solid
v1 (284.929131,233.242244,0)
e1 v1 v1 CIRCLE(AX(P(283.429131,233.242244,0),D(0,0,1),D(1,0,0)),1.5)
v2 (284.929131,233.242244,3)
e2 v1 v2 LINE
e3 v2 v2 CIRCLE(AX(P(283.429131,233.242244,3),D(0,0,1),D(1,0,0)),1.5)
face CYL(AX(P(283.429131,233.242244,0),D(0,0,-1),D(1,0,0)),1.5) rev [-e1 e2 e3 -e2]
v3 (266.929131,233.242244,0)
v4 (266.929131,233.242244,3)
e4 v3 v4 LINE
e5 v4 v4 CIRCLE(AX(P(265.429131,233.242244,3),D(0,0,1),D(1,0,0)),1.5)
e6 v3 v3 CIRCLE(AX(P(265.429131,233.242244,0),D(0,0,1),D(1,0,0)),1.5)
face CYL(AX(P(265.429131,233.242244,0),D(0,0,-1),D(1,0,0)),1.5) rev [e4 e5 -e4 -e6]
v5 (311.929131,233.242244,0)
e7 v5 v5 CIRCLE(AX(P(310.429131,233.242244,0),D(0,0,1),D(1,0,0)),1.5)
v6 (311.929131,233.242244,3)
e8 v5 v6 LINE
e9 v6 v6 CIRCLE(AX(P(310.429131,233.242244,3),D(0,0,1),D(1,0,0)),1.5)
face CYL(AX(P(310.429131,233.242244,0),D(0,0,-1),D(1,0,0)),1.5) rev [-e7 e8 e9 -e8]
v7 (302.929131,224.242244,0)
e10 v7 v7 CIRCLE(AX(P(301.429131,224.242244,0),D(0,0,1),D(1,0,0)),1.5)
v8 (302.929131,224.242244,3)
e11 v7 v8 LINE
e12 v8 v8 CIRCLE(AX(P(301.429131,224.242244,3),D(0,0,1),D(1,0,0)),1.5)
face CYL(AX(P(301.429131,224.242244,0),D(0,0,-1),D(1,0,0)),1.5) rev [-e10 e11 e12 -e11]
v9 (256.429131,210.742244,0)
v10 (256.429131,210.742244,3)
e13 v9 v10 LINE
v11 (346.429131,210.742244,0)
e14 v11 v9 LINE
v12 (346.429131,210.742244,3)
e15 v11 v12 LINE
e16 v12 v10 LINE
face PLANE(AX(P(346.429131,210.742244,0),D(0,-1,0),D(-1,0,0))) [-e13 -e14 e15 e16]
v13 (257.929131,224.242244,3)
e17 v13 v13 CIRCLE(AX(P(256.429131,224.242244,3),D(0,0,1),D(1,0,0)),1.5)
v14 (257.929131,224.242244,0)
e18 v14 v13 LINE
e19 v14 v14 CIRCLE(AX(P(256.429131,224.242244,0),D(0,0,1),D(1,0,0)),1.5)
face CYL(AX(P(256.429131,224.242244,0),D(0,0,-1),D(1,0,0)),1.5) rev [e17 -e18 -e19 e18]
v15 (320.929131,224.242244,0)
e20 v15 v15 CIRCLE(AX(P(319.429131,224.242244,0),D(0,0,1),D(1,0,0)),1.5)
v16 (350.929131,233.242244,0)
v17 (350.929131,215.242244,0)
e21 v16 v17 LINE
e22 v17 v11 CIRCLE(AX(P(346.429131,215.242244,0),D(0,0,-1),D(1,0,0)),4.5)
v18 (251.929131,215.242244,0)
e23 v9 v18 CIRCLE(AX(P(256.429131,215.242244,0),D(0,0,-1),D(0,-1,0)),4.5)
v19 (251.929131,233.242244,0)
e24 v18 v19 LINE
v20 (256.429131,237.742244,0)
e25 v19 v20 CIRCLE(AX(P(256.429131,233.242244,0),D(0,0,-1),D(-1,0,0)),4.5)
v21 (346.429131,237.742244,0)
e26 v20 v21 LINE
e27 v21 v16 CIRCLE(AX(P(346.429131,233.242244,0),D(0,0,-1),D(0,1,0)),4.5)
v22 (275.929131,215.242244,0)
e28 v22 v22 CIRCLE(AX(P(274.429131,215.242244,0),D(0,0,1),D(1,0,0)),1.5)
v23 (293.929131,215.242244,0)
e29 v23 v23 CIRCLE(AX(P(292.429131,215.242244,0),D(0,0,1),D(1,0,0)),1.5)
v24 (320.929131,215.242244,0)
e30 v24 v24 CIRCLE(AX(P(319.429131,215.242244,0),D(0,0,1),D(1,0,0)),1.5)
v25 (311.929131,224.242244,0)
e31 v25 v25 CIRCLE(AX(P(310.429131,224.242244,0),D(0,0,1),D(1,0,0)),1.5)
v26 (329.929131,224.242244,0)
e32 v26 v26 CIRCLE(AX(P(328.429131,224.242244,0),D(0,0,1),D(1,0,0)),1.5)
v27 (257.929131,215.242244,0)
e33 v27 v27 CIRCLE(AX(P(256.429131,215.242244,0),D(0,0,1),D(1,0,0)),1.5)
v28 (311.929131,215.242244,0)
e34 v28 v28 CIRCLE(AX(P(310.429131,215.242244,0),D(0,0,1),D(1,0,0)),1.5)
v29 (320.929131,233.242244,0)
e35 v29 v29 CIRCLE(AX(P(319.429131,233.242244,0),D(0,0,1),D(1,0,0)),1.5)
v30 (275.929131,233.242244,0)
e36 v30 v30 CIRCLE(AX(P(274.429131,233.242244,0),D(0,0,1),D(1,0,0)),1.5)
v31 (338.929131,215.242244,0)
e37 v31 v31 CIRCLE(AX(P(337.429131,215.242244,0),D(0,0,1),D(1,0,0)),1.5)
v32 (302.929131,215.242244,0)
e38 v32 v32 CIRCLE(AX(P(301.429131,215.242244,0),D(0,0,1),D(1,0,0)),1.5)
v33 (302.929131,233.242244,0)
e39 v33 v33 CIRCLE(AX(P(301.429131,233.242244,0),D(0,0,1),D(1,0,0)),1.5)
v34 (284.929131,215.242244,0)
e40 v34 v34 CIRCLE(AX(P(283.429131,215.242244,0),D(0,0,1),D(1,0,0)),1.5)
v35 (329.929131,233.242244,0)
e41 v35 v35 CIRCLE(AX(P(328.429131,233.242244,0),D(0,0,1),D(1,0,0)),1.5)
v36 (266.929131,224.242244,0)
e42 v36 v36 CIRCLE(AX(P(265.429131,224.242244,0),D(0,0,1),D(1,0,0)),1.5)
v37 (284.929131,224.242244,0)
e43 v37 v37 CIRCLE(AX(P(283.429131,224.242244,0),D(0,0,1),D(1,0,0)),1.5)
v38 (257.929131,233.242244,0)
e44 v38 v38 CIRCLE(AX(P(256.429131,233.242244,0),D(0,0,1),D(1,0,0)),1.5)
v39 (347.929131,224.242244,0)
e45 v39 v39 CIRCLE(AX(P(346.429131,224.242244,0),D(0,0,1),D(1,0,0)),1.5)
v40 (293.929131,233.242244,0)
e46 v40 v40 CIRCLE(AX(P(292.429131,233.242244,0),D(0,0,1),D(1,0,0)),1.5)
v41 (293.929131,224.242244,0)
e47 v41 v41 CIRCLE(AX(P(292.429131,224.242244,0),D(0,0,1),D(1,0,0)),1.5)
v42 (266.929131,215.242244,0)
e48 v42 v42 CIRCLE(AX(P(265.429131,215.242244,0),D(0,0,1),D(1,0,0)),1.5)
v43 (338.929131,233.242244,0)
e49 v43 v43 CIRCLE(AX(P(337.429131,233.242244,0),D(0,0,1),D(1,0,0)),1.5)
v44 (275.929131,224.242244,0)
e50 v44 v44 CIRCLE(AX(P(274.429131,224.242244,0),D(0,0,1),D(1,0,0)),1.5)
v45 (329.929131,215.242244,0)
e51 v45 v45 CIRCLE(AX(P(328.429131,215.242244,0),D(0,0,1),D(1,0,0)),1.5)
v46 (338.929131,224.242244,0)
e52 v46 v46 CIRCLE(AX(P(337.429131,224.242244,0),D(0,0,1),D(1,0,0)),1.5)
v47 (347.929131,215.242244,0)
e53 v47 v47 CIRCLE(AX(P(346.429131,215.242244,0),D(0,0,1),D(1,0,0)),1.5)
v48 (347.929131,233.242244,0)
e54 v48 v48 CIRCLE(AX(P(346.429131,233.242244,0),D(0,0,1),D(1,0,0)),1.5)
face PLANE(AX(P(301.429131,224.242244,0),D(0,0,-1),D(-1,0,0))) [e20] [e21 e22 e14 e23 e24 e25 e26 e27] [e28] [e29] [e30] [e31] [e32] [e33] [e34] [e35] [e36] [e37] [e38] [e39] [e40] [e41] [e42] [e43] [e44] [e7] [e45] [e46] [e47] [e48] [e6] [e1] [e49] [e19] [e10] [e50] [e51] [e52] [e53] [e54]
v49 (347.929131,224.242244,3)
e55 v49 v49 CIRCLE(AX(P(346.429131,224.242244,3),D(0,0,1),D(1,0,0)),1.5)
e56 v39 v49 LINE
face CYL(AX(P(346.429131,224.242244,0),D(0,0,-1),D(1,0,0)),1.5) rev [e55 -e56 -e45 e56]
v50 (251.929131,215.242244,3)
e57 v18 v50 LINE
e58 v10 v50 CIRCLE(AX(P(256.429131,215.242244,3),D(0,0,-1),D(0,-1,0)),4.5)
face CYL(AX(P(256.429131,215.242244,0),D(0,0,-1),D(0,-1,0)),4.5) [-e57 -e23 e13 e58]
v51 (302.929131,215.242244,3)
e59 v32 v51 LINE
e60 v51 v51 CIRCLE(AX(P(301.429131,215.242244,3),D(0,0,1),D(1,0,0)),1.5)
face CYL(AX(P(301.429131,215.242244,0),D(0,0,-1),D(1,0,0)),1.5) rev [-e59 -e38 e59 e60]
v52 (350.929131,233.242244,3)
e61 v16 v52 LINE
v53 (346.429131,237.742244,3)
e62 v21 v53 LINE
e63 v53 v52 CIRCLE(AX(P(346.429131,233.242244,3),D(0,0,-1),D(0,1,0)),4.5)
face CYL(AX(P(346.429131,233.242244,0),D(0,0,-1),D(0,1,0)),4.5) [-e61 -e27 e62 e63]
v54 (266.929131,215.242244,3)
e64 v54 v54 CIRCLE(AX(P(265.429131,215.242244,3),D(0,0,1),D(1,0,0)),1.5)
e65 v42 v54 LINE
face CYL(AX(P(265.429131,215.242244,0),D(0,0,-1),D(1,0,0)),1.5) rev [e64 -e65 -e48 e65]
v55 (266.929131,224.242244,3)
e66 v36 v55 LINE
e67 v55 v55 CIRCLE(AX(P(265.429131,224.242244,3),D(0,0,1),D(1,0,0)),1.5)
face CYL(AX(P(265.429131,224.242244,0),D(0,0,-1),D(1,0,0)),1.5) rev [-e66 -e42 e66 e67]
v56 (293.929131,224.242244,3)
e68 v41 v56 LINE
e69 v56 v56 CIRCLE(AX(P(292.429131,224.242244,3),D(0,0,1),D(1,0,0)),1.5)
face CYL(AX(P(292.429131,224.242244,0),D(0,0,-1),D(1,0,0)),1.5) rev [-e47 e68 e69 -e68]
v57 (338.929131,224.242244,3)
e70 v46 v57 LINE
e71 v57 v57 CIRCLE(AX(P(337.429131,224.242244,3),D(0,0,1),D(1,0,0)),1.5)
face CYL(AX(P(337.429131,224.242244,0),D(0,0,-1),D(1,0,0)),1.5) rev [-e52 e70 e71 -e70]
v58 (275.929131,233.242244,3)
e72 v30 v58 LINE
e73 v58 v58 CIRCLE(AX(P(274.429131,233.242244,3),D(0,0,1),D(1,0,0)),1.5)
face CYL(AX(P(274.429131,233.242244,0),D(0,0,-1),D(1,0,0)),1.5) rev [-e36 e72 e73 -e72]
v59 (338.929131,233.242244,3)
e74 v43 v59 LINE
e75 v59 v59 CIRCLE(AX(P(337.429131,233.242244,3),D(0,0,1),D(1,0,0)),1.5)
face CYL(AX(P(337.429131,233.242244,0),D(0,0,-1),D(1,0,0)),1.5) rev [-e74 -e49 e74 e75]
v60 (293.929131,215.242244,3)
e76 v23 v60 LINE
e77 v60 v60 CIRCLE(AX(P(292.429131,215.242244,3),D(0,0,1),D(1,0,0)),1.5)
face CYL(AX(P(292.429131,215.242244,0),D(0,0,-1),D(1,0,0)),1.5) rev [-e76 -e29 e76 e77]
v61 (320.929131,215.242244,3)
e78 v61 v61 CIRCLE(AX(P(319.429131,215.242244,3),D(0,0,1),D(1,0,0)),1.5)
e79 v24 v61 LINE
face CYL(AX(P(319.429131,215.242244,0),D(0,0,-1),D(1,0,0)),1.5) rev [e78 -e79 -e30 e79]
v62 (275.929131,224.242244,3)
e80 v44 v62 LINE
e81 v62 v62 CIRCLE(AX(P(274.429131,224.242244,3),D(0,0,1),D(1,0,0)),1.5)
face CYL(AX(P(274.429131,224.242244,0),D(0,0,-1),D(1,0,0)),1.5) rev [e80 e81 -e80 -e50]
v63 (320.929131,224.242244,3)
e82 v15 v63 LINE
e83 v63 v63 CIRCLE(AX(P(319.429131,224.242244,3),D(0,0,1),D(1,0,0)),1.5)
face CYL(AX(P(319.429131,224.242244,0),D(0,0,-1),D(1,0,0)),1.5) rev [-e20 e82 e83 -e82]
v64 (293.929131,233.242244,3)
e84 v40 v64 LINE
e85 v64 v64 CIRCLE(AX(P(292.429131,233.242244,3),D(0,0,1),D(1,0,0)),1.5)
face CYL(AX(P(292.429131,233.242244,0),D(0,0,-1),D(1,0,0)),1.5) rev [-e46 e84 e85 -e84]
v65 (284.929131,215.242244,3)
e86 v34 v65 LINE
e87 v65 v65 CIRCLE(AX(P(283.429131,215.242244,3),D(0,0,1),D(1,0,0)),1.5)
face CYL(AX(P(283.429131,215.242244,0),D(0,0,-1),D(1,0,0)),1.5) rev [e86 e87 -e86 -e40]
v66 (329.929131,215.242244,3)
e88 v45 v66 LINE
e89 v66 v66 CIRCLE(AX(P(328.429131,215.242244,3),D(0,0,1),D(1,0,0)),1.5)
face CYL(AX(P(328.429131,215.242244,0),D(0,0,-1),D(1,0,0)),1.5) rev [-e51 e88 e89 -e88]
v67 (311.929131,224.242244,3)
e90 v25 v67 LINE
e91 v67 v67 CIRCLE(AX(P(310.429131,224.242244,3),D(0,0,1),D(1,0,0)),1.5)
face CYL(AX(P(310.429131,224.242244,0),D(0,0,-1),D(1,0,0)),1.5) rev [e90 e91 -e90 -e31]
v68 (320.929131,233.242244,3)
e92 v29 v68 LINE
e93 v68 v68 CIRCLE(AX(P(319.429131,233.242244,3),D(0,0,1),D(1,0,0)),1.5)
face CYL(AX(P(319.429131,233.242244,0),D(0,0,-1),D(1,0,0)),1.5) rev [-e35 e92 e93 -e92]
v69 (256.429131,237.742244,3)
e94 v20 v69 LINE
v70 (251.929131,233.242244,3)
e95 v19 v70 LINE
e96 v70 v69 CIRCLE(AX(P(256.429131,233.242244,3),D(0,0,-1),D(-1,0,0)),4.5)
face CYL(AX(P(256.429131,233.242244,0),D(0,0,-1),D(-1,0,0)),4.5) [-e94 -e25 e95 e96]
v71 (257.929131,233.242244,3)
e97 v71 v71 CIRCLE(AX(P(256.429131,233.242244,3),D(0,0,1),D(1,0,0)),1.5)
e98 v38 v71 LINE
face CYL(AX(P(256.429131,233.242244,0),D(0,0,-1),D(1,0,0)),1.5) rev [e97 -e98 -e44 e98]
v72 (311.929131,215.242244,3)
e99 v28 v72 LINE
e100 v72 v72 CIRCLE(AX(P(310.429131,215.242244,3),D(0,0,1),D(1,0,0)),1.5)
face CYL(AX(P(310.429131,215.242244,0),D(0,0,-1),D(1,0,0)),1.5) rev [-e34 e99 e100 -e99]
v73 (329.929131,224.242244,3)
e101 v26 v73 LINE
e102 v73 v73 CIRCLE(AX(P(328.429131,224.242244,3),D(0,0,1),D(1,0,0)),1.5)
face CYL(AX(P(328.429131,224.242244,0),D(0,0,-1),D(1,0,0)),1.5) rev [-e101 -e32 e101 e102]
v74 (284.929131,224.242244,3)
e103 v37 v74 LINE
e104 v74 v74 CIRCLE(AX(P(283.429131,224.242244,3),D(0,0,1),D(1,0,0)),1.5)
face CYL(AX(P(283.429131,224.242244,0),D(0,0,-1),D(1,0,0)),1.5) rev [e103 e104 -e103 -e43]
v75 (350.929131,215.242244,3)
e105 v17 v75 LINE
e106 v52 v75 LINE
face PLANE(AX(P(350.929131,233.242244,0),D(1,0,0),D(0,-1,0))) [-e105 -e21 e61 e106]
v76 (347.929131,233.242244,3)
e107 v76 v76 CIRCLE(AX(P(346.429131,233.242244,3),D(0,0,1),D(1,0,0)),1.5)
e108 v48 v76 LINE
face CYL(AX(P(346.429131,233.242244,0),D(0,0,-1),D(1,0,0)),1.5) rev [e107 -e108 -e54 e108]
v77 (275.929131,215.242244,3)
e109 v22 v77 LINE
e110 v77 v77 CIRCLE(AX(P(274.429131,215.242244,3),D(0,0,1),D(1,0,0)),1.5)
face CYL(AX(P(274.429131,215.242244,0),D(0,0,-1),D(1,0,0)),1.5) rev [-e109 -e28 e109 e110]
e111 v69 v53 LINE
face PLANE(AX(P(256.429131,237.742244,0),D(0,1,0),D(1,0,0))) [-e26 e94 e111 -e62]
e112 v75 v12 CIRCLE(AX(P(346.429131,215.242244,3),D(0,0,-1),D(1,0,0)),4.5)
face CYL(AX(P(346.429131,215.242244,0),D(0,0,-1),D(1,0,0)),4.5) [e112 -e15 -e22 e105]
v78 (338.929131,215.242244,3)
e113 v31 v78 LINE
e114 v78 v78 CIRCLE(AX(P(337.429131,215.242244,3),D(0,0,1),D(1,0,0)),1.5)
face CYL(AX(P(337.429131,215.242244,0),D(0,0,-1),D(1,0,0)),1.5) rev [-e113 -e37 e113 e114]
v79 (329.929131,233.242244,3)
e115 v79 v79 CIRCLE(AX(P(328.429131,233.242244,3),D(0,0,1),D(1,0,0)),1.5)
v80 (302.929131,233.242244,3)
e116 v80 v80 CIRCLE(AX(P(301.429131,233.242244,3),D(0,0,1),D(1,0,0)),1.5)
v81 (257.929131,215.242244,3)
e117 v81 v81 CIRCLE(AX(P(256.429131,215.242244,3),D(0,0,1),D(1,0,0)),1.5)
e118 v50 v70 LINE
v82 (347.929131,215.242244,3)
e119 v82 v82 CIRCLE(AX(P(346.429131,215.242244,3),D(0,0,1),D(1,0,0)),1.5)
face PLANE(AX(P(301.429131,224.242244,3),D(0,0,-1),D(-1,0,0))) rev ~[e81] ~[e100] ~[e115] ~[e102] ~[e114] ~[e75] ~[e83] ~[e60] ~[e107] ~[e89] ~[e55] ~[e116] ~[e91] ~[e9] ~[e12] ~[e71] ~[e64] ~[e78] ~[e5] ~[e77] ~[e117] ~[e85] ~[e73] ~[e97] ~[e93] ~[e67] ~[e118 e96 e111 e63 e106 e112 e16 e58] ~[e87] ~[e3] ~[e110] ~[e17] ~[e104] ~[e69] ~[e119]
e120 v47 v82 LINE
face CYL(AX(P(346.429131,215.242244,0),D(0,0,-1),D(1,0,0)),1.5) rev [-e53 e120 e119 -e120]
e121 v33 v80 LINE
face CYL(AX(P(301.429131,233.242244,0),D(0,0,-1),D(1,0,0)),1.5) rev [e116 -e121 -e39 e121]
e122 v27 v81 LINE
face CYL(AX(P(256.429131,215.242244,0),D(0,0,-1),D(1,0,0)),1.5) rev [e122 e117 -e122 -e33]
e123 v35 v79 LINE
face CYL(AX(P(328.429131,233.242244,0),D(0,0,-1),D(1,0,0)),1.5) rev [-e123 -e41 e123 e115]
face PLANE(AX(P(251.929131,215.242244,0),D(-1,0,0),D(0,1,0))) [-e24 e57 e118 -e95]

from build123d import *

# Parameters (mm, degrees)
MODEL_R                 = 1.5
SALIENTE_EXTRUIR1_DEPTH = 3


with BuildPart() as part:
    # Model → Saliente-Extruir1 (new body)
    with BuildSketch(Plane.XY):
        with BuildLine():
            Line((256.429131311, 237.742243614), (346.429131311, 237.742243614))
            ThreePointArc((346.429131311, 237.742243614), (349.611111826, 236.424224129), (350.929131311, 233.242243614))
            Line((350.929131311, 233.242243614), (350.929131311, 215.242243614))
            ThreePointArc((350.929131311, 215.242243614), (349.611111826, 212.060263099), (346.429131311, 210.742243614))
            Line((346.429131311, 210.742243614), (256.429131311, 210.742243614))
            ThreePointArc((256.429131311, 210.742243614), (253.247150795, 212.060263099), (251.929131311, 215.242243614))
            Line((251.929131311, 215.242243614), (251.929131311, 233.242243614))
            ThreePointArc((251.929131311, 233.242243614), (253.247150795, 236.424224129), (256.429131311, 237.742243614))
        make_face()
        with Locations((310.429131311, 233.242243614)):
            Circle(MODEL_R, mode=Mode.SUBTRACT)
        with Locations((292.429131311, 233.242243614)):
            Circle(MODEL_R, mode=Mode.SUBTRACT)
        with Locations((301.429131311, 233.242243614)):
            Circle(MODEL_R, mode=Mode.SUBTRACT)
        with Locations((337.429131311, 215.242243614)):
            Circle(MODEL_R, mode=Mode.SUBTRACT)
        with Locations((319.429131311, 215.242243614)):
            Circle(MODEL_R, mode=Mode.SUBTRACT)
        with Locations((328.429131311, 215.242243614)):
            Circle(MODEL_R, mode=Mode.SUBTRACT)
        with Locations((310.429131311, 215.242243614)):
            Circle(MODEL_R, mode=Mode.SUBTRACT)
        with Locations((292.429131311, 215.242243614)):
            Circle(MODEL_R, mode=Mode.SUBTRACT)
        with Locations((301.429131311, 215.242243614)):
            Circle(MODEL_R, mode=Mode.SUBTRACT)
        with Locations((274.429131311, 215.242243614)):
            Circle(MODEL_R, mode=Mode.SUBTRACT)
        with Locations((283.429131311, 215.242243614)):
            Circle(MODEL_R, mode=Mode.SUBTRACT)
        with Locations((265.429131311, 215.242243614)):
            Circle(MODEL_R, mode=Mode.SUBTRACT)
        with Locations((256.429131311, 215.242243614)):
            Circle(MODEL_R, mode=Mode.SUBTRACT)
        with Locations((346.429131311, 215.242243614)):
            Circle(MODEL_R, mode=Mode.SUBTRACT)
        with Locations((274.429131311, 233.242243614)):
            Circle(MODEL_R, mode=Mode.SUBTRACT)
        with Locations((265.429131311, 233.242243614)):
            Circle(MODEL_R, mode=Mode.SUBTRACT)
        with Locations((256.429131311, 233.242243614)):
            Circle(MODEL_R, mode=Mode.SUBTRACT)
        with Locations((283.429131311, 233.242243614)):
            Circle(MODEL_R, mode=Mode.SUBTRACT)
        with Locations((337.429131311, 233.242243614)):
            Circle(MODEL_R, mode=Mode.SUBTRACT)
        with Locations((319.429131311, 233.242243614)):
            Circle(MODEL_R, mode=Mode.SUBTRACT)
        with Locations((328.429131311, 233.242243614)):
            Circle(MODEL_R, mode=Mode.SUBTRACT)
        with Locations((346.429131311, 233.242243614)):
            Circle(MODEL_R, mode=Mode.SUBTRACT)
        with Locations((337.429131311, 224.242243614)):
            Circle(MODEL_R, mode=Mode.SUBTRACT)
        with Locations((319.429131311, 224.242243614)):
            Circle(MODEL_R, mode=Mode.SUBTRACT)
        with Locations((328.429131311, 224.242243614)):
            Circle(MODEL_R, mode=Mode.SUBTRACT)
        with Locations((310.429131311, 224.242243614)):
            Circle(MODEL_R, mode=Mode.SUBTRACT)
        with Locations((292.429131311, 224.242243614)):
            Circle(MODEL_R, mode=Mode.SUBTRACT)
        with Locations((301.429131311, 224.242243614)):
            Circle(MODEL_R, mode=Mode.SUBTRACT)
        with Locations((274.429131311, 224.242243614)):
            Circle(MODEL_R, mode=Mode.SUBTRACT)
        with Locations((283.429131311, 224.242243614)):
            Circle(MODEL_R, mode=Mode.SUBTRACT)
        with Locations((265.429131311, 224.242243614)):
            Circle(MODEL_R, mode=Mode.SUBTRACT)
        with Locations((256.429131311, 224.242243614)):
            Circle(MODEL_R, mode=Mode.SUBTRACT)
        with Locations((346.429131311, 224.242243614)):
            Circle(MODEL_R, mode=Mode.SUBTRACT)
    extrude(amount=SALIENTE_EXTRUIR1_DEPTH)


solid = part.part
